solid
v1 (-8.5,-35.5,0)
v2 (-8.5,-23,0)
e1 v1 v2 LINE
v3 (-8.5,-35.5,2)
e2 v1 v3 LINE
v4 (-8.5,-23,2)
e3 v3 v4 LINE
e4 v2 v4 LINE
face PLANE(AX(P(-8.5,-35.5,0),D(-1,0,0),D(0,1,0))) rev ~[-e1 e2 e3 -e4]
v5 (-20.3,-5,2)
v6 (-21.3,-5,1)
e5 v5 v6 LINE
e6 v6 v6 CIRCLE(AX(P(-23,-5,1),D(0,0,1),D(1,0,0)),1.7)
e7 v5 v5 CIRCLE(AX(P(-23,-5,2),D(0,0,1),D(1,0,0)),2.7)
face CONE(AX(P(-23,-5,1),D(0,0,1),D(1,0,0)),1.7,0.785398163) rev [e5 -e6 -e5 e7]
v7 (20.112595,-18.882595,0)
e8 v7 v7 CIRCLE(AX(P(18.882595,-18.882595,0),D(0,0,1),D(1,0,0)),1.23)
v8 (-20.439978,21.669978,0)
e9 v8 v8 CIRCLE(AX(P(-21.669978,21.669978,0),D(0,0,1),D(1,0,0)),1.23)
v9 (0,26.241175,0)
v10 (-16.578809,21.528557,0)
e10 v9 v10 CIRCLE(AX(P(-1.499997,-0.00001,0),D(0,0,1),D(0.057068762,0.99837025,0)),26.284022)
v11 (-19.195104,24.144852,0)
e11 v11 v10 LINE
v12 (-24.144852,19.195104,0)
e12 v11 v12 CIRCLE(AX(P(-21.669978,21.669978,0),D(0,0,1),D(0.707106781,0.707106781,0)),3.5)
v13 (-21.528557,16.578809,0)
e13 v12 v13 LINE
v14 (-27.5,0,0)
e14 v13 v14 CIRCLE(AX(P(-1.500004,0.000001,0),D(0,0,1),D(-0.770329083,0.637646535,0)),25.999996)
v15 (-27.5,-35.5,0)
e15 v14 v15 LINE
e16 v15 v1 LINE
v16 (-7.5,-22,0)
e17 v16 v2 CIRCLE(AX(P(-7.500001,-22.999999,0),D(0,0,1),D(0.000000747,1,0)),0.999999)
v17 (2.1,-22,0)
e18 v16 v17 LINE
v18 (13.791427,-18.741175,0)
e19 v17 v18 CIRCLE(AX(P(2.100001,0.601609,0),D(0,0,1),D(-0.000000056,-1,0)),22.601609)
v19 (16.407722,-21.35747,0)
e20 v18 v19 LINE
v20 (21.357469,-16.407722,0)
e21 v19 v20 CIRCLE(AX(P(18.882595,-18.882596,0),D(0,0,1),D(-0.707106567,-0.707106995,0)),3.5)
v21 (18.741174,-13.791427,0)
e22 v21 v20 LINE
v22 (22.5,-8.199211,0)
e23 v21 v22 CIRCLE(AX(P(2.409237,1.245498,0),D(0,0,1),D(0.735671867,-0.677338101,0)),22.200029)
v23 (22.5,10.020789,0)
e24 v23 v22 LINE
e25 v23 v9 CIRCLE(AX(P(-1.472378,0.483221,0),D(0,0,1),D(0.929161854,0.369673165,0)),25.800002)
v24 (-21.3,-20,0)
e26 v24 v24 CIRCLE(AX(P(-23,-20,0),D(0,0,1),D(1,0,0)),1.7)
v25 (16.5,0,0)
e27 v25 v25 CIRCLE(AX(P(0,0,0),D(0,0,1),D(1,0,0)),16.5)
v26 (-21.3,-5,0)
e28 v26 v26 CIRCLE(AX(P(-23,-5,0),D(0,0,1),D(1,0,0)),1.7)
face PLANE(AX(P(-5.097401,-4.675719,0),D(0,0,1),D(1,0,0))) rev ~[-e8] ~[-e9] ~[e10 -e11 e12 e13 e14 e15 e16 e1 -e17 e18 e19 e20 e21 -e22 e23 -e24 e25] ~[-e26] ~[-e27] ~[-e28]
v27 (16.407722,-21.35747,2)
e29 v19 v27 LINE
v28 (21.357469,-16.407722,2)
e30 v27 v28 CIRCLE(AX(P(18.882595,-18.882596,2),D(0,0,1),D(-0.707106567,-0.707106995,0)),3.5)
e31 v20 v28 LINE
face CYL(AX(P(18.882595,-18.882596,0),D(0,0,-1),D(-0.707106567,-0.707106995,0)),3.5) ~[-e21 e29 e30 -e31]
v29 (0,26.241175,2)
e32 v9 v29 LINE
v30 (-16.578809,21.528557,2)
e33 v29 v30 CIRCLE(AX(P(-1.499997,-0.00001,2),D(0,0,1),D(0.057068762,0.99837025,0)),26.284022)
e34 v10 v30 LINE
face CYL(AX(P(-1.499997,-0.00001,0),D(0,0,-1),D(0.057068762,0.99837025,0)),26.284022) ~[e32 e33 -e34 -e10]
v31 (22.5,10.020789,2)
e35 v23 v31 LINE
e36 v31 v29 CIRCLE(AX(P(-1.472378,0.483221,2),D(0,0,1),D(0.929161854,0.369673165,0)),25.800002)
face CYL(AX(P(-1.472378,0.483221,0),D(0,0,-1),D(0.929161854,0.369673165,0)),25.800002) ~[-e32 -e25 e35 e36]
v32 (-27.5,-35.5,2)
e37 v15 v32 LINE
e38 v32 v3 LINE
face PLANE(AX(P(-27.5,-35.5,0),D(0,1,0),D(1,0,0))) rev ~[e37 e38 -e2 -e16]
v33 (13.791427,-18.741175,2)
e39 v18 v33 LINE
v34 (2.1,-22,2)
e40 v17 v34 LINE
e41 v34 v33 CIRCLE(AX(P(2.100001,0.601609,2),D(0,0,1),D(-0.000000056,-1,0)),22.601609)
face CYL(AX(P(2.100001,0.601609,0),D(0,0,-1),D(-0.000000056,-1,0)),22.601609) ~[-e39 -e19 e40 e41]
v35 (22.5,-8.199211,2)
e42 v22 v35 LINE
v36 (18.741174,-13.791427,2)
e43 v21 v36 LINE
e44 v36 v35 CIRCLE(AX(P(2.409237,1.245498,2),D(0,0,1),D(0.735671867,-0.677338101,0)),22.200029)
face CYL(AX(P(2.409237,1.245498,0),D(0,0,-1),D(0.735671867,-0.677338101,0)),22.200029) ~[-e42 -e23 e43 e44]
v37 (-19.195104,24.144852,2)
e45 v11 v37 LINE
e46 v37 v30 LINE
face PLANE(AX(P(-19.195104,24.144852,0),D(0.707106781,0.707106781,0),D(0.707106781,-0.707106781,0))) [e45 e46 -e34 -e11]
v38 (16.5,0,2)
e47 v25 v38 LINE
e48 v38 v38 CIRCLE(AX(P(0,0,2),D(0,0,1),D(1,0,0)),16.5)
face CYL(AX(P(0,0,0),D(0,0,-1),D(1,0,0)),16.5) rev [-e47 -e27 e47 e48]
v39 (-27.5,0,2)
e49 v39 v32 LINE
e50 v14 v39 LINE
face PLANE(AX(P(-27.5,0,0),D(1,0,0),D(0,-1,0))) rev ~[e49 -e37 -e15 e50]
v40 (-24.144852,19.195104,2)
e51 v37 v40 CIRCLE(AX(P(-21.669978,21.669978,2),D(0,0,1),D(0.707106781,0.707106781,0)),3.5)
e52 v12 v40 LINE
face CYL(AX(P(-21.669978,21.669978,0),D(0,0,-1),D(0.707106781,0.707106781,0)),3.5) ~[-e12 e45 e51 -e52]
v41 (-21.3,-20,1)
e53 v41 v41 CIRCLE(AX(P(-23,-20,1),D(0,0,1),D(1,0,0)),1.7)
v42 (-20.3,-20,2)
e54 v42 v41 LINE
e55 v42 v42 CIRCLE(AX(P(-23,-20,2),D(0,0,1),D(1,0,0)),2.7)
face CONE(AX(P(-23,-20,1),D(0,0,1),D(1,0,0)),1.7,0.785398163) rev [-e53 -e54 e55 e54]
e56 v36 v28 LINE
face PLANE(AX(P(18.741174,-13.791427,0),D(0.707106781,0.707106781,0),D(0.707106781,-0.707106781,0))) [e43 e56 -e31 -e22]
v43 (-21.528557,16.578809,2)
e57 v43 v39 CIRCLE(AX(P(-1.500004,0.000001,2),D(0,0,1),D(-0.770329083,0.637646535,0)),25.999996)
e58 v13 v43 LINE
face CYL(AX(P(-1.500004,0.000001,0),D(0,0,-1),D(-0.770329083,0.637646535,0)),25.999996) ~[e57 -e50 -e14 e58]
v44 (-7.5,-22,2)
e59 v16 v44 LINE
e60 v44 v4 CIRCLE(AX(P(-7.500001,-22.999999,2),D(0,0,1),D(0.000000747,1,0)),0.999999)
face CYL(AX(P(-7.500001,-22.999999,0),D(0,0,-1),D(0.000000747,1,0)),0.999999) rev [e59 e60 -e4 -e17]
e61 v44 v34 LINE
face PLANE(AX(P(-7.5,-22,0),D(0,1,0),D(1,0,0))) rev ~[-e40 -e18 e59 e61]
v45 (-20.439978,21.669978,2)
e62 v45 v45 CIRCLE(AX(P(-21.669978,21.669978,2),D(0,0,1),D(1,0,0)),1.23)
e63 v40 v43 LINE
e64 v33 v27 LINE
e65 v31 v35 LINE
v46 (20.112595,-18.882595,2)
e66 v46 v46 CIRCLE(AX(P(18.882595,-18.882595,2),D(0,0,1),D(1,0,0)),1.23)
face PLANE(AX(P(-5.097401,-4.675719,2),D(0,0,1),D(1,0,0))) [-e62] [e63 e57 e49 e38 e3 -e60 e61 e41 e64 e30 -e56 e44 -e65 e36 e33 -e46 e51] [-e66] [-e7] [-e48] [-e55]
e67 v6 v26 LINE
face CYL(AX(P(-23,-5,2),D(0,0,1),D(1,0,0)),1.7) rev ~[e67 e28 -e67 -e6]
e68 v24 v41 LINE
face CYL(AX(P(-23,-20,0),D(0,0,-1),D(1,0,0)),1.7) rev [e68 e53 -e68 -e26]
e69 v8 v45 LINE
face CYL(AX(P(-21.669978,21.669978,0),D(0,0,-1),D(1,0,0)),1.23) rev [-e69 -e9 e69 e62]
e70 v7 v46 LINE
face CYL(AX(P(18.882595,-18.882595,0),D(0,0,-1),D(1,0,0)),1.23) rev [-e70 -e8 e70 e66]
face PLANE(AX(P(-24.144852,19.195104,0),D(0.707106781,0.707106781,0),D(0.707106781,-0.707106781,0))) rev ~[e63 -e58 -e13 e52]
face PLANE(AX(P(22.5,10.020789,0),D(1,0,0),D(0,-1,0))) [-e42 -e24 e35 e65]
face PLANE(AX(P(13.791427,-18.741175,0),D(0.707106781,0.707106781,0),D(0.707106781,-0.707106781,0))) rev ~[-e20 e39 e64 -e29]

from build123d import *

# Parameters (mm, degrees)
SKETCH_R     = 16.5
SKETCH_R_2   = 1.23
SKETCH_R_3   = 1.7
PAD_DEPTH    = 2
SKETCH001_R  = 1.7
POCKET_DEPTH = 5
CHAMFER_SIZE = 1


with BuildPart() as part:
    # Sketch → Pad (new body)
    with BuildSketch(Plane.XY):
        with BuildLine():
            Line((-27.5, 0), (-27.5, -35.5))
            Line((-27.5, -35.5), (-8.5, -35.5))
            Line((-8.5, -35.5), (-8.5, -23))
            ThreePointArc((-7.5, -22), (-8.207107, -22.292893), (-8.5, -23))
            Line((-7.5, -22), (2.1, -22))
            ThreePointArc((2.1, -22), (8.168554, -21.170056), (13.791427, -18.741175))
            Line((13.791427, -18.741175), (16.407722, -21.35747))
            ThreePointArc((16.407722, -21.35747), (21.357469, -21.357469), (21.357469, -16.407722))
            Line((18.741174, -13.791427), (21.357469, -16.407722))
            ThreePointArc((18.741174, -13.791427), (20.833989, -11.138758), (22.5, -8.199211))
            Line((22.5, 10.020789), (22.5, -8.199211))
            ThreePointArc((22.5, 10.020789), (13.615171, 21.411813), (0, 26.241175))
            ThreePointArc((0, 26.241175), (-8.686669, 25.282425), (-16.578809, 21.528557))
            Line((-19.195104, 24.144852), (-16.578809, 21.528557))
            ThreePointArc((-19.195104, 24.144852), (-24.144852, 24.144852), (-24.144852, 19.195104))
            Line((-24.144852, 19.195104), (-21.528557, 16.578809))
            ThreePointArc((-21.528557, 16.578809), (-25.961628, 8.810719), (-27.5, 0))
        make_face()
        Circle(SKETCH_R, mode=Mode.SUBTRACT)
        with Locations((18.882595, -18.882595)):
            Circle(SKETCH_R_2, mode=Mode.SUBTRACT)
        with Locations((-21.669978, 21.669978)):
            Circle(SKETCH_R_2, mode=Mode.SUBTRACT)
        with Locations((-23, -20)):
            Circle(SKETCH_R_3, mode=Mode.SUBTRACT)
    extrude(amount=PAD_DEPTH)

    # Sketch001 → Pocket (cut)
    with BuildSketch(Plane.XY.offset(2)):
        with Locations((-23, -5)):
            Circle(SKETCH001_R)
    extrude(amount=-POCKET_DEPTH, mode=Mode.SUBTRACT)

    # Chamfer
    chamfer_edges = [part.edges().sort_by_distance(p)[0] for p in [
        (-24.7, -20, 2),
        (-24.7, -5, 2),
    ]]
    chamfer(chamfer_edges, length=CHAMFER_SIZE)


solid = part.part
